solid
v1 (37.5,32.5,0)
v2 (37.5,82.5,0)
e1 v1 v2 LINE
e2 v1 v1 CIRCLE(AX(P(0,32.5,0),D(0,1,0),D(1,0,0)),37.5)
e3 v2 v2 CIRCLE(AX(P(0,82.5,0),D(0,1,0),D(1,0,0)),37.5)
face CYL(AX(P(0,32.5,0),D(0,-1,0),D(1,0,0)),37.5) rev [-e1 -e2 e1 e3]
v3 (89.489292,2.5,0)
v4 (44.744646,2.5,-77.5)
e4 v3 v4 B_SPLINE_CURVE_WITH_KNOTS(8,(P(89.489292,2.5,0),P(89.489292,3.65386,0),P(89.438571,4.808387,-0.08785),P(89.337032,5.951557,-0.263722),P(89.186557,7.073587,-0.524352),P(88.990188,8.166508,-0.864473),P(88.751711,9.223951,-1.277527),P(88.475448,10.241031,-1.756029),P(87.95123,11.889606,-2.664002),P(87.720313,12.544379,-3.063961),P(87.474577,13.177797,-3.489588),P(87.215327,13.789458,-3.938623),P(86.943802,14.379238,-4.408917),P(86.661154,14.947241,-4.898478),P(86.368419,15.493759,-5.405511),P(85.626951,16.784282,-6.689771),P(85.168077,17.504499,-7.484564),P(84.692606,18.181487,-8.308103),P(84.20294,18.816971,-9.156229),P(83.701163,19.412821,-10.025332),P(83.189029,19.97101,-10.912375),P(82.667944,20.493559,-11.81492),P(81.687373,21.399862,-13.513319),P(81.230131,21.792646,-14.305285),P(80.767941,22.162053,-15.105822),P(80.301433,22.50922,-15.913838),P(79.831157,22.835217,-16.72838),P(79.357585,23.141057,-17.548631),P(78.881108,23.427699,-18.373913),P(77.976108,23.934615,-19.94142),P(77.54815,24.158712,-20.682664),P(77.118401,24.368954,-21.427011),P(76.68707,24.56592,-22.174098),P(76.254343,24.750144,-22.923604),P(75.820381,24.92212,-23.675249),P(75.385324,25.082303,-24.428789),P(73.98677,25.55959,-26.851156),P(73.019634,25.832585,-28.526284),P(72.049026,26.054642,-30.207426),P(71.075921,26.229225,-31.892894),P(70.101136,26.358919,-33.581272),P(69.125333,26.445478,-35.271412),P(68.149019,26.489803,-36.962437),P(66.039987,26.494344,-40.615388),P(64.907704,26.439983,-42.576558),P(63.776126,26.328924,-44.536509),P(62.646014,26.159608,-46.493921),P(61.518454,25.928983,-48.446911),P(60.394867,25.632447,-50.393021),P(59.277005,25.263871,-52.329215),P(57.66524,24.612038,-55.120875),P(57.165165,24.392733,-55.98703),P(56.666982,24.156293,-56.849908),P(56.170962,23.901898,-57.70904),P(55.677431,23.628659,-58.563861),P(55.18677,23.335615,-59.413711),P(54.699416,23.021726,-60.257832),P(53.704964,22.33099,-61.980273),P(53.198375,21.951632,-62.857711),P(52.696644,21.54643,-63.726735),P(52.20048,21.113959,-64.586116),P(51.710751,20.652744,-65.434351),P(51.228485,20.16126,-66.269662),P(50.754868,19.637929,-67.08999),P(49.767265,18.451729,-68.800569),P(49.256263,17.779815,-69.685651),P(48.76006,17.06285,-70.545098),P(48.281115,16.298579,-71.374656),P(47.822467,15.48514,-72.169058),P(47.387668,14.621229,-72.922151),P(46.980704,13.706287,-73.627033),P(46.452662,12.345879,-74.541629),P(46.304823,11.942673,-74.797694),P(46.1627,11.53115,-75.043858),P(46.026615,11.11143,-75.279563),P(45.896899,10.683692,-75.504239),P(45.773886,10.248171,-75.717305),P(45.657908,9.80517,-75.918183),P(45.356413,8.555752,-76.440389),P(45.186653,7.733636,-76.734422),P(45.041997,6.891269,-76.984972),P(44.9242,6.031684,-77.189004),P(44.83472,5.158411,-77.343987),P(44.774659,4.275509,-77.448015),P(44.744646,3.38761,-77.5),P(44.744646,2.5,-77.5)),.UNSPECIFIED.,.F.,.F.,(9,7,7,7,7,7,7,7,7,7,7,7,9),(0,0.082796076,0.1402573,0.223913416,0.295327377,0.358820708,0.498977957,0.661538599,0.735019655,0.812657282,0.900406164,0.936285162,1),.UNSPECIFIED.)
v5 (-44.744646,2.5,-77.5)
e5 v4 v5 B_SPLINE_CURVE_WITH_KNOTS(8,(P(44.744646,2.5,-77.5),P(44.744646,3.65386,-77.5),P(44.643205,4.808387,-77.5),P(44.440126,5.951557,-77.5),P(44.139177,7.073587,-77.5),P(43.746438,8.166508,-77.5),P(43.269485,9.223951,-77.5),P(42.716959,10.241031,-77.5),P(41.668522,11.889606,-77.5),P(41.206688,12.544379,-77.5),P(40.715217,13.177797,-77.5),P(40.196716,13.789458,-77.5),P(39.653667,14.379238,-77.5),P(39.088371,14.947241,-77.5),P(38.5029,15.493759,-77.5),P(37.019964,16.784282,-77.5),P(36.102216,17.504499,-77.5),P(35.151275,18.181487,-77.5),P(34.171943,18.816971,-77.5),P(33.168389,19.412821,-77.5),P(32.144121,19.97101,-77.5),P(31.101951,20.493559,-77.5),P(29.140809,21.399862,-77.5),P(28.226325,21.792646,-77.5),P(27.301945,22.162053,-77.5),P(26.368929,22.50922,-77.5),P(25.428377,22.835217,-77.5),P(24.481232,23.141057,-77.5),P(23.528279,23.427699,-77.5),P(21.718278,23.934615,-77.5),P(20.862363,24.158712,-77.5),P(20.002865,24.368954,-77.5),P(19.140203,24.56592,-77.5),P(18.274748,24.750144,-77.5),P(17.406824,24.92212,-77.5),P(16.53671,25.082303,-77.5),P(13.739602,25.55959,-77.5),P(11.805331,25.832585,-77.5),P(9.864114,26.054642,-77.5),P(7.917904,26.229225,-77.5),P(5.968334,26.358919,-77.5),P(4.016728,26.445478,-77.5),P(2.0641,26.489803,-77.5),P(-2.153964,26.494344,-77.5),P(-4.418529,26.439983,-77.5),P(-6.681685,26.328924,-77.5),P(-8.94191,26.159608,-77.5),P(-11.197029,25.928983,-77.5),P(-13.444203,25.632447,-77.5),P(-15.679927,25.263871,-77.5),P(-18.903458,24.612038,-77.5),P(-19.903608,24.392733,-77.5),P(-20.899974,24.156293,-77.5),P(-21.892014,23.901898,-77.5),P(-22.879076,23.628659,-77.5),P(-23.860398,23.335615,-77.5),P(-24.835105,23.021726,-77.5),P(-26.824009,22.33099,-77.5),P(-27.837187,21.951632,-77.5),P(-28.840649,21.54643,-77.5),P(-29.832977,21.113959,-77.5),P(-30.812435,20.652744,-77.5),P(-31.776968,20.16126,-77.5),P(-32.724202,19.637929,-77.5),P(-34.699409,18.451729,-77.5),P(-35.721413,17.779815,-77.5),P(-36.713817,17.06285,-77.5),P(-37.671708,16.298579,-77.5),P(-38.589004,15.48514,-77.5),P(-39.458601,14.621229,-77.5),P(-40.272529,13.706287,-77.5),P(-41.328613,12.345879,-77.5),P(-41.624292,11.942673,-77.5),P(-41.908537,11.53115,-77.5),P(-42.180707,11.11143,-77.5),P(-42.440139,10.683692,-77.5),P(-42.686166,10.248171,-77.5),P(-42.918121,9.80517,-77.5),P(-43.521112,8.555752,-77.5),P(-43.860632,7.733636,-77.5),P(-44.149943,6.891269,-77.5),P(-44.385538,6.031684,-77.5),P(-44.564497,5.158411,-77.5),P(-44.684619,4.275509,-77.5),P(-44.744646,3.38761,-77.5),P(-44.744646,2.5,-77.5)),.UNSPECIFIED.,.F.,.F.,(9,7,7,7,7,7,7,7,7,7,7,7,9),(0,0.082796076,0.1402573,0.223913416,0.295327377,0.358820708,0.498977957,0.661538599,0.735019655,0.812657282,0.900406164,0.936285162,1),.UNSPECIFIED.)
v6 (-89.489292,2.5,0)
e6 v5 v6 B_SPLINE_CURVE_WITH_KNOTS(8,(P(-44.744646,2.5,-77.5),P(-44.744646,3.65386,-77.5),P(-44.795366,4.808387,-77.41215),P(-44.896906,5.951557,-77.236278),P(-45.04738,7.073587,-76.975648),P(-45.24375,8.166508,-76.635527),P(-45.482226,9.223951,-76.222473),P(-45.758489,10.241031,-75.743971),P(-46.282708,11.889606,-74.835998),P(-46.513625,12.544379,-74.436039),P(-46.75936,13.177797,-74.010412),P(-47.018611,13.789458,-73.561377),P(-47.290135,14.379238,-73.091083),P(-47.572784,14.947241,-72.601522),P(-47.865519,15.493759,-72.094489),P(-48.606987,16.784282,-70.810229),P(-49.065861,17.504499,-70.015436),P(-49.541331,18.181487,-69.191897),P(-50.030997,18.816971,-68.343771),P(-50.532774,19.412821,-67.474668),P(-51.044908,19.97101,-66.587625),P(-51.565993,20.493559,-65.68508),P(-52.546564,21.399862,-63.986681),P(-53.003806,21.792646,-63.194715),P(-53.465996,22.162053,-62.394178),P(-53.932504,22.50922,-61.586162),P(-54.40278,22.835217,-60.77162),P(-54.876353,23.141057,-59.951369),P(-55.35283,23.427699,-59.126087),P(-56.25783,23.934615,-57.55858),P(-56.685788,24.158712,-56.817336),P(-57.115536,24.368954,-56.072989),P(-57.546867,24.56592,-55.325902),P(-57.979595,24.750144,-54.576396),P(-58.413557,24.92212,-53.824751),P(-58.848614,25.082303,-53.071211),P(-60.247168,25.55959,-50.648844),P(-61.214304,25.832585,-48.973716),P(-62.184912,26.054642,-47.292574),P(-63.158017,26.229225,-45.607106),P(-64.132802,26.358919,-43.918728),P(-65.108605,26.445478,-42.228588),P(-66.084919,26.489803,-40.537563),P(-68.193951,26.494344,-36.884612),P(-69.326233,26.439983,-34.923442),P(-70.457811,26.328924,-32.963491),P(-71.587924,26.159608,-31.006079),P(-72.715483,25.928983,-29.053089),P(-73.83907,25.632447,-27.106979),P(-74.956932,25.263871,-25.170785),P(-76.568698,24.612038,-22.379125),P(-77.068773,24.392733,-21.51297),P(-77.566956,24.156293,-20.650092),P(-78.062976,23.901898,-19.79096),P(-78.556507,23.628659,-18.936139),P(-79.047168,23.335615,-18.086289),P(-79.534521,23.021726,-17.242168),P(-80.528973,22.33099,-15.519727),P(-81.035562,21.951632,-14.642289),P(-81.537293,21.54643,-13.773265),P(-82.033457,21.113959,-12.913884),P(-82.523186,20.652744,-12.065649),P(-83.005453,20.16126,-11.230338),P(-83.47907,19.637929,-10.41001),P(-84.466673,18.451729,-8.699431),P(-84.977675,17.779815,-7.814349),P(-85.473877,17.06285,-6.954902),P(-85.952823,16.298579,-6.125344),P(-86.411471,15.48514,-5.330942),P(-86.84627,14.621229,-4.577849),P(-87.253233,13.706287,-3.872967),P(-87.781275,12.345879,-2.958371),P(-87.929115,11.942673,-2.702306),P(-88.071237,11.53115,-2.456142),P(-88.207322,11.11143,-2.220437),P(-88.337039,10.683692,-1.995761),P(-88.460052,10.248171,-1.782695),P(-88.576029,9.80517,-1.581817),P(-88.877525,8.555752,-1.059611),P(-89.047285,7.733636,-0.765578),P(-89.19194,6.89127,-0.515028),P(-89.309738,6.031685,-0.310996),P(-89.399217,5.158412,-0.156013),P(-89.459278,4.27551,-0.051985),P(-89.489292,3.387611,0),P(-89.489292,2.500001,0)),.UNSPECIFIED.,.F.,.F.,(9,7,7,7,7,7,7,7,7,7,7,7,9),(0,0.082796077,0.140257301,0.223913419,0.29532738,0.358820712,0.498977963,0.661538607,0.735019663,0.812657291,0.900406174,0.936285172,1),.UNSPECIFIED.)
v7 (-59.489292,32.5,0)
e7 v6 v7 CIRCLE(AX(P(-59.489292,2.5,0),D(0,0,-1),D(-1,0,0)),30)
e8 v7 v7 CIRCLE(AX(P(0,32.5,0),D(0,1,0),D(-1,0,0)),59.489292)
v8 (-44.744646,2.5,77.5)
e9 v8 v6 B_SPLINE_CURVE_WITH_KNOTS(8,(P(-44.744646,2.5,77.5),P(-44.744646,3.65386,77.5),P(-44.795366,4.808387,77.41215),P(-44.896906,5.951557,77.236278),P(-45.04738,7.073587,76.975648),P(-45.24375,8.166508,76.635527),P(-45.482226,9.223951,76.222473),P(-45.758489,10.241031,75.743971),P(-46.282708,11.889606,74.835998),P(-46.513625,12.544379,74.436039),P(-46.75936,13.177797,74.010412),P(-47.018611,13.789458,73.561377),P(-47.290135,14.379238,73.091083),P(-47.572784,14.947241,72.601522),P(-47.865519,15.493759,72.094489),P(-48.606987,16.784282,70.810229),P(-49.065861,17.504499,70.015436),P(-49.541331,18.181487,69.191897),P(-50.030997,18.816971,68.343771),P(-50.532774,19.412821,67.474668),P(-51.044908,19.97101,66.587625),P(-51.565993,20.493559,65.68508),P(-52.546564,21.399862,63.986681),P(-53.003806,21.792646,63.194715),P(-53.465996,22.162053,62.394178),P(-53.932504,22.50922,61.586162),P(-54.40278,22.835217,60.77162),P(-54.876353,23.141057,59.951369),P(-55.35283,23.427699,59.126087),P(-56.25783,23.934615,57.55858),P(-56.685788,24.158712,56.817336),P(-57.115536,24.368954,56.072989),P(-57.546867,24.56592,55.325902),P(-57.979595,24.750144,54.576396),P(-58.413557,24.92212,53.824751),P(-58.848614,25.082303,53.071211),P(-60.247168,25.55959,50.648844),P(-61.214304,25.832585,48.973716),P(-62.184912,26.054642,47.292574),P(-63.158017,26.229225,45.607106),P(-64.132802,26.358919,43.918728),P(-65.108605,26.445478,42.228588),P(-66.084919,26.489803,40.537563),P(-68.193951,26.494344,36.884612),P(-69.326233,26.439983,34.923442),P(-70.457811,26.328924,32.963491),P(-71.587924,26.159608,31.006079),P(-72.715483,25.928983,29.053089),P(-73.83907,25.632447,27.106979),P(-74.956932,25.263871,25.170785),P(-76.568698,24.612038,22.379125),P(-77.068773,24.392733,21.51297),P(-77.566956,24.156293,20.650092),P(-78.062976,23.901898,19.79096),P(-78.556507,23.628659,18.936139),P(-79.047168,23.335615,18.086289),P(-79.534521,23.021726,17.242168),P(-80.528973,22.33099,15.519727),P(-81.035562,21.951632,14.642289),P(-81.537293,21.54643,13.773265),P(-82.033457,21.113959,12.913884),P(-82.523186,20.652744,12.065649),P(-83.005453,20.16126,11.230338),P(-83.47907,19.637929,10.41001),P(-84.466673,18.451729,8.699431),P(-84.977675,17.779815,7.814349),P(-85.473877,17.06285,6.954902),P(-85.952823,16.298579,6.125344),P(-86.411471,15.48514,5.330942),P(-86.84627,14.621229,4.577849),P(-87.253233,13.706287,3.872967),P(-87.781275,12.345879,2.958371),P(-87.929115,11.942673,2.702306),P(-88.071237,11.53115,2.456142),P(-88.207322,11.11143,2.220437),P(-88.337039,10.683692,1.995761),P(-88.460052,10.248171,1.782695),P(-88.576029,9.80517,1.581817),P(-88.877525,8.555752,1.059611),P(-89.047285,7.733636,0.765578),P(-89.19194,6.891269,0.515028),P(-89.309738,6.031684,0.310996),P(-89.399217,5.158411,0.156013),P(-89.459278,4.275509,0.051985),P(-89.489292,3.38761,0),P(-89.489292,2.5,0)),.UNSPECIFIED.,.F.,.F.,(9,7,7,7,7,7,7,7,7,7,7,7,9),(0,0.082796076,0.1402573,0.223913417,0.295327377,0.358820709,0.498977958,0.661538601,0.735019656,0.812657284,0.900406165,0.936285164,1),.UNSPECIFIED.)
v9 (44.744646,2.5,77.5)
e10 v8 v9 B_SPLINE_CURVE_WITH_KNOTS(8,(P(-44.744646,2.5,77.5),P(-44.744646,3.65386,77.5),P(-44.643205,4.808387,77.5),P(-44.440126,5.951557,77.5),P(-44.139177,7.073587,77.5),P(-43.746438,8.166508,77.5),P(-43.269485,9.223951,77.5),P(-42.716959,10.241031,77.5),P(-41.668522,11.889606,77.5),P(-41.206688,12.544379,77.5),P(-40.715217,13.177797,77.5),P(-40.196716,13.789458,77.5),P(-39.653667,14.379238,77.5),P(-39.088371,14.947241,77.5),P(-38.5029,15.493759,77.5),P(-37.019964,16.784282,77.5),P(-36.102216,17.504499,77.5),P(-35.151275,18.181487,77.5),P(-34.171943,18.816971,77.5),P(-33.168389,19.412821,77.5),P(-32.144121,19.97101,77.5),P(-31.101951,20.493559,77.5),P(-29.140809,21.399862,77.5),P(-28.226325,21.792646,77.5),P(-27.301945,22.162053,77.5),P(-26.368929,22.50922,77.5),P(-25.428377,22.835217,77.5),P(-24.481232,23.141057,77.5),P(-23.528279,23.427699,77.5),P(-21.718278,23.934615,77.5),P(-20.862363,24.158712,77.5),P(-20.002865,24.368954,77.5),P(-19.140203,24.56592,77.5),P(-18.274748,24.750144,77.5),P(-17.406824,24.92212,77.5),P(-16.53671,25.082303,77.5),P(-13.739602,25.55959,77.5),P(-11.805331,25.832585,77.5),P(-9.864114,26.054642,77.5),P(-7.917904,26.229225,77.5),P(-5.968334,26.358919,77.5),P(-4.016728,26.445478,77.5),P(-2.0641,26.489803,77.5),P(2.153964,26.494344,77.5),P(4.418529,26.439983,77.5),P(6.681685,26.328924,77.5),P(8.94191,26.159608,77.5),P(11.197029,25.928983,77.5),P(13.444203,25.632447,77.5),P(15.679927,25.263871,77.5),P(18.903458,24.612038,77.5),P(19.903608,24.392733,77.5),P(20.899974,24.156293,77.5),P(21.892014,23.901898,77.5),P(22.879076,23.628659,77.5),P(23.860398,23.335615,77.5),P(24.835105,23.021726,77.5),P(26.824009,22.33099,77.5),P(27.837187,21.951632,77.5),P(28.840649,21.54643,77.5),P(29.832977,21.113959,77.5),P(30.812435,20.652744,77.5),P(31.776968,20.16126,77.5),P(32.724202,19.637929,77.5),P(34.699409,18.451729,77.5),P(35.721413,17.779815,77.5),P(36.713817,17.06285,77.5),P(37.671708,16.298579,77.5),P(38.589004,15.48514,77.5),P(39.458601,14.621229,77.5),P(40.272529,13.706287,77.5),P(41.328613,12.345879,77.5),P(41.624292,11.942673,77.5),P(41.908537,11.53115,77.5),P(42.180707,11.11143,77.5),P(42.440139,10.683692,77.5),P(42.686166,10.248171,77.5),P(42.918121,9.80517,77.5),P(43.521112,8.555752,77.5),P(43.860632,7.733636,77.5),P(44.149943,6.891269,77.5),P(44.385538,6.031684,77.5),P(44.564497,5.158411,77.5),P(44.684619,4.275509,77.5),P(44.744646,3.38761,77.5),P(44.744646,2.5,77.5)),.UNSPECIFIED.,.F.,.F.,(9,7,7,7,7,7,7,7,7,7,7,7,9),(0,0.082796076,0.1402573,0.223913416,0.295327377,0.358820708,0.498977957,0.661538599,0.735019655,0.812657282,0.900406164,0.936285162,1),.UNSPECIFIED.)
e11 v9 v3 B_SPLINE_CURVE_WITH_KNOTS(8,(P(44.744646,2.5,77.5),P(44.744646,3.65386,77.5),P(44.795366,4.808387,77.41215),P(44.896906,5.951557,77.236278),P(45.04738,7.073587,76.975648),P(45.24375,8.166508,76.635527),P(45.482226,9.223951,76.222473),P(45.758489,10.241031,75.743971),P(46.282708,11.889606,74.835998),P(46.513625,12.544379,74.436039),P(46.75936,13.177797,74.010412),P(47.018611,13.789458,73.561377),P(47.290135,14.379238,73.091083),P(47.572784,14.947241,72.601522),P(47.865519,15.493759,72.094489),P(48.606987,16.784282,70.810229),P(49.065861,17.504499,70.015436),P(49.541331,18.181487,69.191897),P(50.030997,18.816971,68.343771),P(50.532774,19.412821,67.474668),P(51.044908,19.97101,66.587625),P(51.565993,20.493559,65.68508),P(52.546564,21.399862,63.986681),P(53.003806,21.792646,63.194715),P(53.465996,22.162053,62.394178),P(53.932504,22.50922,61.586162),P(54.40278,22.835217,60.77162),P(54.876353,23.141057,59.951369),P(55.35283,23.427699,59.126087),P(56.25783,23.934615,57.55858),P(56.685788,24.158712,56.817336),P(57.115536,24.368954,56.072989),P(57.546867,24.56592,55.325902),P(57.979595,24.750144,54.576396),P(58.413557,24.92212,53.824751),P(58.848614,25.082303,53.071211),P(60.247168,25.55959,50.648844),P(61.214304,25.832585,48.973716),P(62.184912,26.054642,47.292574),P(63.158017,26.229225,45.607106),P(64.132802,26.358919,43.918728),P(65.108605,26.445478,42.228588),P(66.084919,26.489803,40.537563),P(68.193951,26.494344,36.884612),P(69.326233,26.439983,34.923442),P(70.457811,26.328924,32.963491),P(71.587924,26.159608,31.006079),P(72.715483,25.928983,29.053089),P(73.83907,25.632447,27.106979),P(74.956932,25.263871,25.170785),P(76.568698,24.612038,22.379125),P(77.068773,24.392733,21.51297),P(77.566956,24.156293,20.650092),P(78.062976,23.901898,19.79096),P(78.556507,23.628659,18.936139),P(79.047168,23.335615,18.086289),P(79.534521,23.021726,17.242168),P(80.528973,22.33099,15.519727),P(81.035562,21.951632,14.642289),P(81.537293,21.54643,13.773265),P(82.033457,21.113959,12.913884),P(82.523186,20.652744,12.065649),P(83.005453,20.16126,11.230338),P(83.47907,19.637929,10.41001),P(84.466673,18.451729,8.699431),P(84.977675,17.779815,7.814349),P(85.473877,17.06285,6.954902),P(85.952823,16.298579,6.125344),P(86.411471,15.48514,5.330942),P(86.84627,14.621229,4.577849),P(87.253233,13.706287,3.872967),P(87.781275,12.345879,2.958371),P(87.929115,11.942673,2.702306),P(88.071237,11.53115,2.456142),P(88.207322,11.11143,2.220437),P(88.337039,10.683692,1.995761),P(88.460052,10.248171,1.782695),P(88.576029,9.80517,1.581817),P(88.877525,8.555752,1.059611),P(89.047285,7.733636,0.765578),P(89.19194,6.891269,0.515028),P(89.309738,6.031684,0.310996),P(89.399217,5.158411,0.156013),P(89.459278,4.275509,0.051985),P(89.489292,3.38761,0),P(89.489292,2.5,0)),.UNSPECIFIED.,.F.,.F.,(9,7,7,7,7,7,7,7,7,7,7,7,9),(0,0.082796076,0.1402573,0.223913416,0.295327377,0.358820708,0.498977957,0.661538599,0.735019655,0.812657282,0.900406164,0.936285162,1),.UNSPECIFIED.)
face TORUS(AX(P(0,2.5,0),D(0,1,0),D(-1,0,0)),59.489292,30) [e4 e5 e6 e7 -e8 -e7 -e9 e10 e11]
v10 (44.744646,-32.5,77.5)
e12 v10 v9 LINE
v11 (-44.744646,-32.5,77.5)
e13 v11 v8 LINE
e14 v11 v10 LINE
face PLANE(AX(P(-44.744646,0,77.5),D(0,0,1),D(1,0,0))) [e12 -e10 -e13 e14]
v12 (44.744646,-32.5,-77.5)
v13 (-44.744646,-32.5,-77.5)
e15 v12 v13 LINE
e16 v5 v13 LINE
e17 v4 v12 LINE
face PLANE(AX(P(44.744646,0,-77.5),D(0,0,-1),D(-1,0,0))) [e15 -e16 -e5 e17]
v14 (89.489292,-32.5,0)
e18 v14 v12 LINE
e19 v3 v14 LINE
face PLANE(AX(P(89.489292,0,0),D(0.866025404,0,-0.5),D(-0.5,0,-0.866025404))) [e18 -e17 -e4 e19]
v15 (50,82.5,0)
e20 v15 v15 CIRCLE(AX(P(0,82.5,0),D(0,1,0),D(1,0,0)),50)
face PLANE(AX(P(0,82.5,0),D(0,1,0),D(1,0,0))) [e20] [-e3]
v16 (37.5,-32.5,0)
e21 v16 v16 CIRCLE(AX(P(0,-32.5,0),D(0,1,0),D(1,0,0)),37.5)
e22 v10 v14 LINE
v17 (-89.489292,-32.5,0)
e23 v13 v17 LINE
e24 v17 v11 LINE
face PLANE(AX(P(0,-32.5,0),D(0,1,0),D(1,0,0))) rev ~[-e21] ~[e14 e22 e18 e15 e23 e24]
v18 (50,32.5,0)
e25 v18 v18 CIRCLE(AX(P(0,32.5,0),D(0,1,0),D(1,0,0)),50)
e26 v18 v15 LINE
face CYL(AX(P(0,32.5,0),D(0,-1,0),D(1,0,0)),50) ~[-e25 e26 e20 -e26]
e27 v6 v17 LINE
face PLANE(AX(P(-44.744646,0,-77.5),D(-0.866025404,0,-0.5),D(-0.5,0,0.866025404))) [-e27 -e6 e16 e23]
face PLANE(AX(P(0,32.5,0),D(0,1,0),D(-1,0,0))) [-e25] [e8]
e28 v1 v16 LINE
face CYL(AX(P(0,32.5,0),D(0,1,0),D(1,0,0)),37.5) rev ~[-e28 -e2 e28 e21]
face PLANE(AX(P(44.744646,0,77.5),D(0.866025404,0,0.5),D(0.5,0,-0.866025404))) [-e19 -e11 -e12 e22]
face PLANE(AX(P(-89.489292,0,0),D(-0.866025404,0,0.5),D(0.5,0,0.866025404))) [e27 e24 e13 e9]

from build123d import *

# Parameters (mm, degrees)
BOSS_EXTRUDE1_DEPTH = 32.5
SKETCH3_R           = 50
SKETCH3_R_2         = 37.5
BOSS_EXTRUDE2_DEPTH = 50
SKETCH4_R           = 37.5
CUT_EXTRUDE1_DEPTH  = 94


with BuildPart() as part:
    # Sketch1 → Boss-Extrude1 (new body, symmetric)
    with BuildSketch(Plane(origin=(0, 0, 0), x_dir=(1, 0, 0), z_dir=(0, 1, 0))):
        Polygon((-89.489291724, 0), (-44.744645862, -77.5), (44.744645862, -77.5), (89.489291724, 0), (44.744645862, 77.5), (-44.744645862, 77.5), align=None)
    extrude(amount=BOSS_EXTRUDE1_DEPTH, both=True)

    # Sketch2 → Cut-Revolve1 (revolve, cut)
    with BuildSketch(Plane.XY):
        with BuildLine():
            Line((-59.489291724, 32.5), (-57.951385683, 32.5))
            Line((-57.951385683, 32.5), (-79.245811776, 59.780712904))
            Line((-79.245811776, 59.780712904), (-106.219123603, 23.051452734))
            Line((-106.219123603, 23.051452734), (-89.489291724, -3.938998624))
            Line((-89.489291724, -3.938998624), (-89.489291724, 2.5))
            ThreePointArc((-89.489291724, 2.5), (-80.70249516, 23.713203436), (-59.489291724, 32.5))
        make_face()
    revolve(axis=Axis((0, 0, 0), (0, 1, 0)), mode=Mode.SUBTRACT)

    # Sketch3 → Boss-Extrude2 (add)
    with BuildSketch(Plane(origin=(0, 32.5, 0), x_dir=(1, 0, 0), z_dir=(0, 1, 0))):
        Circle(SKETCH3_R)
        Circle(SKETCH3_R_2, mode=Mode.SUBTRACT)
    extrude(amount=BOSS_EXTRUDE2_DEPTH)

    # Sketch4 → Cut-Extrude1 (cut)
    with BuildSketch(Plane(origin=(0, 32.5, 0), x_dir=(1, 0, 0), z_dir=(0, 1, 0))):
        Circle(SKETCH4_R)
    extrude(amount=-CUT_EXTRUDE1_DEPTH, mode=Mode.SUBTRACT)


solid = part.part
